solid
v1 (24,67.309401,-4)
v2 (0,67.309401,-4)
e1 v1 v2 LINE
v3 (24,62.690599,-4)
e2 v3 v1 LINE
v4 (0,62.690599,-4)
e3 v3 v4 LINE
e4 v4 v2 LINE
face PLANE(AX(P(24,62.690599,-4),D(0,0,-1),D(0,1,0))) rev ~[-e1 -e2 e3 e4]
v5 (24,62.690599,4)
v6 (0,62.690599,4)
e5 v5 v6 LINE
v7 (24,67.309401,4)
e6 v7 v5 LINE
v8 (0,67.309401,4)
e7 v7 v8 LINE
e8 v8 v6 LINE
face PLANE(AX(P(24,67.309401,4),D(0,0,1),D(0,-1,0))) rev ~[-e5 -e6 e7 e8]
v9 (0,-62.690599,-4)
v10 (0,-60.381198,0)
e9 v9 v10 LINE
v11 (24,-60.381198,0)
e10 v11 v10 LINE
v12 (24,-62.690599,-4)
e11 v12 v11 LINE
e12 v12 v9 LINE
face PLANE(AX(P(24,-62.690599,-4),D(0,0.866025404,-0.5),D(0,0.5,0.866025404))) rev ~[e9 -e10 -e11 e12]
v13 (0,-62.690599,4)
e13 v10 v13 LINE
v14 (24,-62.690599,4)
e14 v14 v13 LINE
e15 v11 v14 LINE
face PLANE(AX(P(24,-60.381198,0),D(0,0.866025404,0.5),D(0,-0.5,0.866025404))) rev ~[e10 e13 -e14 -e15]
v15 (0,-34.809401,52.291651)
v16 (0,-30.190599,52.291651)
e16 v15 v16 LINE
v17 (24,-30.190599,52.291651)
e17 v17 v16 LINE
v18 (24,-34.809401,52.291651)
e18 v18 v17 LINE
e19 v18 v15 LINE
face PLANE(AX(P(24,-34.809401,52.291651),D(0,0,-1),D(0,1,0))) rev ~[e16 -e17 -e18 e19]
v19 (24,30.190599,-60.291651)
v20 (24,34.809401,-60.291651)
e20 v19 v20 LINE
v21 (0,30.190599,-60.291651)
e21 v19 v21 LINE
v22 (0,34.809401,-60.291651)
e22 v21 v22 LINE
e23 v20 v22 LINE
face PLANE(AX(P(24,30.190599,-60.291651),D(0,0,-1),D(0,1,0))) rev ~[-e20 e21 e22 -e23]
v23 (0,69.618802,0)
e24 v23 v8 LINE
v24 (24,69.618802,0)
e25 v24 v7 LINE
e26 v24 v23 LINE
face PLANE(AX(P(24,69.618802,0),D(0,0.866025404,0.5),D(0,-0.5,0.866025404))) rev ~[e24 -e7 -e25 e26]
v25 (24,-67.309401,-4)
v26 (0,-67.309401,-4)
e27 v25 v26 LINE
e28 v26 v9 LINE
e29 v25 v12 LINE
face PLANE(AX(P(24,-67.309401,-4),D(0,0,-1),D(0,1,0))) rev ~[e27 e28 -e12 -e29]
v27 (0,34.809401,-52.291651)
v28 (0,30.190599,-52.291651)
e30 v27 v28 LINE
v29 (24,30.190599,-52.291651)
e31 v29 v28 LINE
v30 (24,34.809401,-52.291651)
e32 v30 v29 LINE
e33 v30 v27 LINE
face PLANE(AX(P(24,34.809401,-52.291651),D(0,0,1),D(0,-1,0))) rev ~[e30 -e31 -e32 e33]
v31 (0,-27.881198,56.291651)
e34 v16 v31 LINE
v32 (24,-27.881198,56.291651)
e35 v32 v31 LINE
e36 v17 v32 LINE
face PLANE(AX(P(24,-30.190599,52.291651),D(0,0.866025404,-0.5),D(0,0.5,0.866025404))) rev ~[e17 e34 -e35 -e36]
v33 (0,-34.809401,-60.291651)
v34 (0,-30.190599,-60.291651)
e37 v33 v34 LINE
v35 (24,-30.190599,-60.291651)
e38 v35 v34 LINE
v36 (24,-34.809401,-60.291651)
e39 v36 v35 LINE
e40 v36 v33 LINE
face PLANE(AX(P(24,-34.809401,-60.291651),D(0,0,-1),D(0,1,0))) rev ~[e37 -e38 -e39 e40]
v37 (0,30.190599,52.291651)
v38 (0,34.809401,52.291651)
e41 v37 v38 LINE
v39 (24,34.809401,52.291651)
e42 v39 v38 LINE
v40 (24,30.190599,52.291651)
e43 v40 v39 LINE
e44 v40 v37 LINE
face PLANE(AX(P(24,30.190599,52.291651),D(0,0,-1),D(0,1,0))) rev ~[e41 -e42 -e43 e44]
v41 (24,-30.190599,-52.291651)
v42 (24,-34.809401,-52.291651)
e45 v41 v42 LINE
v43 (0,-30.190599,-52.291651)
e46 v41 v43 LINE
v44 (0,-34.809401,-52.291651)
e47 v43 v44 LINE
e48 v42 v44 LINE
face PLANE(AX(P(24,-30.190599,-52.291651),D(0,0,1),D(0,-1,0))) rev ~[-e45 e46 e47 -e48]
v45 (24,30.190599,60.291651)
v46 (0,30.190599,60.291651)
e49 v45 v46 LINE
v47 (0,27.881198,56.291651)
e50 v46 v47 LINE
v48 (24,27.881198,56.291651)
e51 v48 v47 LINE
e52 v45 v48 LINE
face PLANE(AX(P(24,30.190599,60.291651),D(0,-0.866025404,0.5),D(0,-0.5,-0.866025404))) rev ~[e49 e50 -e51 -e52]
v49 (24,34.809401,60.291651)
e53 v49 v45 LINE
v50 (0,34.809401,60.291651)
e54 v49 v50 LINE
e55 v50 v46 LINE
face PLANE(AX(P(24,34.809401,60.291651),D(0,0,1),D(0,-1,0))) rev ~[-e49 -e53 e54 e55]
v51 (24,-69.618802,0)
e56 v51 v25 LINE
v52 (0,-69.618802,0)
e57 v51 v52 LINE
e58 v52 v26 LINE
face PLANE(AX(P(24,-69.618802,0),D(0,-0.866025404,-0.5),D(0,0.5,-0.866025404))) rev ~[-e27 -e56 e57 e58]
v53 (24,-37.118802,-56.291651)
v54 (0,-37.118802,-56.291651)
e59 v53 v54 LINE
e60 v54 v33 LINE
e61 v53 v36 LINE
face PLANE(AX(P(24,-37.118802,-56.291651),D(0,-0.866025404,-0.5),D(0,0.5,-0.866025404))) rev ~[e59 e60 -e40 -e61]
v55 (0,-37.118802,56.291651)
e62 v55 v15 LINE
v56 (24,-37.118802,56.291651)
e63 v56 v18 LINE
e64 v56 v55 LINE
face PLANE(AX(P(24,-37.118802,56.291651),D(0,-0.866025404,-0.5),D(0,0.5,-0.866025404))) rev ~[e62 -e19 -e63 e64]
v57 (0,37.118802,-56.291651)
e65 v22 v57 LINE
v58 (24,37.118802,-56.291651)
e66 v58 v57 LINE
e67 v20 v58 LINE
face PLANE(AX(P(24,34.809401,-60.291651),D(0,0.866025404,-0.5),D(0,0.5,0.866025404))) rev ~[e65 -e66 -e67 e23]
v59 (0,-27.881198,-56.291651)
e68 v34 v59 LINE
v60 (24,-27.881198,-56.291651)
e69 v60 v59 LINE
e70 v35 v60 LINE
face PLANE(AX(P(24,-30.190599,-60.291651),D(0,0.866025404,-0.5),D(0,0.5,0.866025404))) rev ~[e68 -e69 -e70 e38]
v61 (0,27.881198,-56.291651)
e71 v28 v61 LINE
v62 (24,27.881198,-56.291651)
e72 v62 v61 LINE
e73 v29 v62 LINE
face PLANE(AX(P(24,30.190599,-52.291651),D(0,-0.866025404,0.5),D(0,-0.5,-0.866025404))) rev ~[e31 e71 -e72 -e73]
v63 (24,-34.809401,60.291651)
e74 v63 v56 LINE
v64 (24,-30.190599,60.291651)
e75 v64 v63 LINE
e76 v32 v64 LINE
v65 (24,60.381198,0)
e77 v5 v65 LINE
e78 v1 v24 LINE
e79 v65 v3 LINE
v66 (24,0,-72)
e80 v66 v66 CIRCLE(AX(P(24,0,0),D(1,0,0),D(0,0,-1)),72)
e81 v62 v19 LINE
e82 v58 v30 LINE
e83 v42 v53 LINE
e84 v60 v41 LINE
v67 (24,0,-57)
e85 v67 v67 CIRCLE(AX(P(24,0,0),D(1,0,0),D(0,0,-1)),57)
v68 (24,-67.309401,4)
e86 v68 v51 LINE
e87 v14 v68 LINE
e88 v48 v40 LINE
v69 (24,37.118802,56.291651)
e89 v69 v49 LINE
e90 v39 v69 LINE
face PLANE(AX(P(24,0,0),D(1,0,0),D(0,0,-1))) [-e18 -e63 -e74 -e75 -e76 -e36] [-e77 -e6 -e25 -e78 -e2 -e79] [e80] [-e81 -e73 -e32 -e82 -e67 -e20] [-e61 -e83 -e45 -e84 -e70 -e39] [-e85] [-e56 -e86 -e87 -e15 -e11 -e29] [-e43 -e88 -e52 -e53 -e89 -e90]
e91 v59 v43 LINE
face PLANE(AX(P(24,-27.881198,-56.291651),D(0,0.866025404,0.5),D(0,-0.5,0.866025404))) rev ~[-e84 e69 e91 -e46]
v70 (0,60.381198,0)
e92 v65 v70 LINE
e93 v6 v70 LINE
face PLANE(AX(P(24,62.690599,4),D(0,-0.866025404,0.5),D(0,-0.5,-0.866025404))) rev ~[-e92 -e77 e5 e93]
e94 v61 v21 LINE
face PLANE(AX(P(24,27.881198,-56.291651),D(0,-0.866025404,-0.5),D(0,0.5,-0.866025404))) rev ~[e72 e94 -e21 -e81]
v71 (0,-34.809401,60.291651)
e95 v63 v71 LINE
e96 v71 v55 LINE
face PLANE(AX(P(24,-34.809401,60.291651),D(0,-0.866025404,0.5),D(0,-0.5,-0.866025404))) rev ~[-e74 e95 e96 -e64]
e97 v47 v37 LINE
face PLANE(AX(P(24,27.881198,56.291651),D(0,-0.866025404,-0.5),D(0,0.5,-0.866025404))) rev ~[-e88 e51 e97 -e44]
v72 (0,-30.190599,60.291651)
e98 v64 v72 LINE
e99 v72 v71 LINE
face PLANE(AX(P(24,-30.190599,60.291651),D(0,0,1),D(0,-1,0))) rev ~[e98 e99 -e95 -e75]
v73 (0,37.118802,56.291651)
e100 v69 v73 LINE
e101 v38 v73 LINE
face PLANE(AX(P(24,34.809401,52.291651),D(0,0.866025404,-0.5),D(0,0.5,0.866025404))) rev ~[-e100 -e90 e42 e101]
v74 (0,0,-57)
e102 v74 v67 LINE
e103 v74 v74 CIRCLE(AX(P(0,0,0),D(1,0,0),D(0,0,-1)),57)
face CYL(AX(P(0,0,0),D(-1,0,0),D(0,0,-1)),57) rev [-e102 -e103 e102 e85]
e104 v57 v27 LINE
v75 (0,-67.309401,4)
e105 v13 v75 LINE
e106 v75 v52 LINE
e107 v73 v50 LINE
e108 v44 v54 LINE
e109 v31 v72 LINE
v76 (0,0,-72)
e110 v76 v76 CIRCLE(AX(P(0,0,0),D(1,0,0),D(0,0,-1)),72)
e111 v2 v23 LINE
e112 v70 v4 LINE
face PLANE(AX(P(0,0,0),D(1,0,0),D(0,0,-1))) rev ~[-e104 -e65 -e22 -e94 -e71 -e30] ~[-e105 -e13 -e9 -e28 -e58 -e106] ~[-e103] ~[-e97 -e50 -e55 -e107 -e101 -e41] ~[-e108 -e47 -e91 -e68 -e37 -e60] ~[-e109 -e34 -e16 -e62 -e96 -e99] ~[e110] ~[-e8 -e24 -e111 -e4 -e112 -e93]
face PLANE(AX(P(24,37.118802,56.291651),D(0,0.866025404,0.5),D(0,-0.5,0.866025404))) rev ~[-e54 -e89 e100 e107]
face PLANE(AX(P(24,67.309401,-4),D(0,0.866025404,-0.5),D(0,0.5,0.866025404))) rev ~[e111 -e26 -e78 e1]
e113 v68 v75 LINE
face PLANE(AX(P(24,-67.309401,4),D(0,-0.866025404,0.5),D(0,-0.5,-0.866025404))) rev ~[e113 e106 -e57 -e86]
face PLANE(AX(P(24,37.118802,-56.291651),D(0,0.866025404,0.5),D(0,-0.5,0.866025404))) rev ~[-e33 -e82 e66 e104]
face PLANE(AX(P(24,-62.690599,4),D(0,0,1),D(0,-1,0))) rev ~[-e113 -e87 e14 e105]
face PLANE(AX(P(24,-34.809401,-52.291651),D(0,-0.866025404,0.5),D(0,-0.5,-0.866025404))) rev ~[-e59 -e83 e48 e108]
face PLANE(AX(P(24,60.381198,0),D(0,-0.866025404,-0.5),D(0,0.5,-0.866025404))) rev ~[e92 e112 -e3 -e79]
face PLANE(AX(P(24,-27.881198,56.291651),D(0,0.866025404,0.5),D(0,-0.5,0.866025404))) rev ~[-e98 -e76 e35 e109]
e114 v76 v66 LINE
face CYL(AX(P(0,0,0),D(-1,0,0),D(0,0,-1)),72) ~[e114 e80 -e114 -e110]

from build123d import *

# Parameters (mm, degrees)
SKETCH1_R           = 72
SKETCH1_R_2         = 57
BOSS_EXTRUDE1_DEPTH = 24
CUT_EXTRUDE1_DEPTH  = 24


with BuildPart() as part:
    # Sketch1 → Boss-Extrude1 (new body)
    with BuildSketch(Plane(origin=(0, 0, 0), x_dir=(0, 0, -1), z_dir=(1, 0, 0))):
        Circle(SKETCH1_R)
        Circle(SKETCH1_R_2, mode=Mode.SUBTRACT)
    extrude(amount=BOSS_EXTRUDE1_DEPTH)

    # Sketch2 → Cut-Extrude1 (cut)
    with BuildSketch(Plane(origin=(24, 0, 0), x_dir=(0, 0, -1), z_dir=(1, 0, 0))):
        Polygon((52.291651246, 30.190598923), (56.291651246, 27.881197846), (60.291651246, 30.190598923), (60.291651246, 34.809401077), (56.291651246, 37.118802154), (52.291651246, 34.809401077), align=None)
        Polygon((0, 60.381197846), (4, 62.690598923), (4, 67.309401077), (0, 69.618802154), (-4, 67.309401077), (-4, 62.690598923), align=None)
        Polygon((52.291651246, -30.190598923), (52.291651246, -34.809401077), (56.291651246, -37.118802154), (60.291651246, -34.809401077), (60.291651246, -30.190598923), (56.291651246, -27.881197846), align=None)
        Polygon((0, -60.381197846), (-4, -62.690598923), (-4, -67.309401077), (0, -69.618802154), (4, -67.309401077), (4, -62.690598923), align=None)
        Polygon((-52.291651246, -30.190598923), (-56.291651246, -27.881197846), (-60.291651246, -30.190598923), (-60.291651246, -34.809401077), (-56.291651246, -37.118802154), (-52.291651246, -34.809401077), align=None)
        Polygon((-52.291651246, 30.190598923), (-52.291651246, 34.809401077), (-56.291651246, 37.118802154), (-60.291651246, 34.809401077), (-60.291651246, 30.190598923), (-56.291651246, 27.881197846), align=None)
    extrude(amount=-CUT_EXTRUDE1_DEPTH, mode=Mode.SUBTRACT)


solid = part.part
